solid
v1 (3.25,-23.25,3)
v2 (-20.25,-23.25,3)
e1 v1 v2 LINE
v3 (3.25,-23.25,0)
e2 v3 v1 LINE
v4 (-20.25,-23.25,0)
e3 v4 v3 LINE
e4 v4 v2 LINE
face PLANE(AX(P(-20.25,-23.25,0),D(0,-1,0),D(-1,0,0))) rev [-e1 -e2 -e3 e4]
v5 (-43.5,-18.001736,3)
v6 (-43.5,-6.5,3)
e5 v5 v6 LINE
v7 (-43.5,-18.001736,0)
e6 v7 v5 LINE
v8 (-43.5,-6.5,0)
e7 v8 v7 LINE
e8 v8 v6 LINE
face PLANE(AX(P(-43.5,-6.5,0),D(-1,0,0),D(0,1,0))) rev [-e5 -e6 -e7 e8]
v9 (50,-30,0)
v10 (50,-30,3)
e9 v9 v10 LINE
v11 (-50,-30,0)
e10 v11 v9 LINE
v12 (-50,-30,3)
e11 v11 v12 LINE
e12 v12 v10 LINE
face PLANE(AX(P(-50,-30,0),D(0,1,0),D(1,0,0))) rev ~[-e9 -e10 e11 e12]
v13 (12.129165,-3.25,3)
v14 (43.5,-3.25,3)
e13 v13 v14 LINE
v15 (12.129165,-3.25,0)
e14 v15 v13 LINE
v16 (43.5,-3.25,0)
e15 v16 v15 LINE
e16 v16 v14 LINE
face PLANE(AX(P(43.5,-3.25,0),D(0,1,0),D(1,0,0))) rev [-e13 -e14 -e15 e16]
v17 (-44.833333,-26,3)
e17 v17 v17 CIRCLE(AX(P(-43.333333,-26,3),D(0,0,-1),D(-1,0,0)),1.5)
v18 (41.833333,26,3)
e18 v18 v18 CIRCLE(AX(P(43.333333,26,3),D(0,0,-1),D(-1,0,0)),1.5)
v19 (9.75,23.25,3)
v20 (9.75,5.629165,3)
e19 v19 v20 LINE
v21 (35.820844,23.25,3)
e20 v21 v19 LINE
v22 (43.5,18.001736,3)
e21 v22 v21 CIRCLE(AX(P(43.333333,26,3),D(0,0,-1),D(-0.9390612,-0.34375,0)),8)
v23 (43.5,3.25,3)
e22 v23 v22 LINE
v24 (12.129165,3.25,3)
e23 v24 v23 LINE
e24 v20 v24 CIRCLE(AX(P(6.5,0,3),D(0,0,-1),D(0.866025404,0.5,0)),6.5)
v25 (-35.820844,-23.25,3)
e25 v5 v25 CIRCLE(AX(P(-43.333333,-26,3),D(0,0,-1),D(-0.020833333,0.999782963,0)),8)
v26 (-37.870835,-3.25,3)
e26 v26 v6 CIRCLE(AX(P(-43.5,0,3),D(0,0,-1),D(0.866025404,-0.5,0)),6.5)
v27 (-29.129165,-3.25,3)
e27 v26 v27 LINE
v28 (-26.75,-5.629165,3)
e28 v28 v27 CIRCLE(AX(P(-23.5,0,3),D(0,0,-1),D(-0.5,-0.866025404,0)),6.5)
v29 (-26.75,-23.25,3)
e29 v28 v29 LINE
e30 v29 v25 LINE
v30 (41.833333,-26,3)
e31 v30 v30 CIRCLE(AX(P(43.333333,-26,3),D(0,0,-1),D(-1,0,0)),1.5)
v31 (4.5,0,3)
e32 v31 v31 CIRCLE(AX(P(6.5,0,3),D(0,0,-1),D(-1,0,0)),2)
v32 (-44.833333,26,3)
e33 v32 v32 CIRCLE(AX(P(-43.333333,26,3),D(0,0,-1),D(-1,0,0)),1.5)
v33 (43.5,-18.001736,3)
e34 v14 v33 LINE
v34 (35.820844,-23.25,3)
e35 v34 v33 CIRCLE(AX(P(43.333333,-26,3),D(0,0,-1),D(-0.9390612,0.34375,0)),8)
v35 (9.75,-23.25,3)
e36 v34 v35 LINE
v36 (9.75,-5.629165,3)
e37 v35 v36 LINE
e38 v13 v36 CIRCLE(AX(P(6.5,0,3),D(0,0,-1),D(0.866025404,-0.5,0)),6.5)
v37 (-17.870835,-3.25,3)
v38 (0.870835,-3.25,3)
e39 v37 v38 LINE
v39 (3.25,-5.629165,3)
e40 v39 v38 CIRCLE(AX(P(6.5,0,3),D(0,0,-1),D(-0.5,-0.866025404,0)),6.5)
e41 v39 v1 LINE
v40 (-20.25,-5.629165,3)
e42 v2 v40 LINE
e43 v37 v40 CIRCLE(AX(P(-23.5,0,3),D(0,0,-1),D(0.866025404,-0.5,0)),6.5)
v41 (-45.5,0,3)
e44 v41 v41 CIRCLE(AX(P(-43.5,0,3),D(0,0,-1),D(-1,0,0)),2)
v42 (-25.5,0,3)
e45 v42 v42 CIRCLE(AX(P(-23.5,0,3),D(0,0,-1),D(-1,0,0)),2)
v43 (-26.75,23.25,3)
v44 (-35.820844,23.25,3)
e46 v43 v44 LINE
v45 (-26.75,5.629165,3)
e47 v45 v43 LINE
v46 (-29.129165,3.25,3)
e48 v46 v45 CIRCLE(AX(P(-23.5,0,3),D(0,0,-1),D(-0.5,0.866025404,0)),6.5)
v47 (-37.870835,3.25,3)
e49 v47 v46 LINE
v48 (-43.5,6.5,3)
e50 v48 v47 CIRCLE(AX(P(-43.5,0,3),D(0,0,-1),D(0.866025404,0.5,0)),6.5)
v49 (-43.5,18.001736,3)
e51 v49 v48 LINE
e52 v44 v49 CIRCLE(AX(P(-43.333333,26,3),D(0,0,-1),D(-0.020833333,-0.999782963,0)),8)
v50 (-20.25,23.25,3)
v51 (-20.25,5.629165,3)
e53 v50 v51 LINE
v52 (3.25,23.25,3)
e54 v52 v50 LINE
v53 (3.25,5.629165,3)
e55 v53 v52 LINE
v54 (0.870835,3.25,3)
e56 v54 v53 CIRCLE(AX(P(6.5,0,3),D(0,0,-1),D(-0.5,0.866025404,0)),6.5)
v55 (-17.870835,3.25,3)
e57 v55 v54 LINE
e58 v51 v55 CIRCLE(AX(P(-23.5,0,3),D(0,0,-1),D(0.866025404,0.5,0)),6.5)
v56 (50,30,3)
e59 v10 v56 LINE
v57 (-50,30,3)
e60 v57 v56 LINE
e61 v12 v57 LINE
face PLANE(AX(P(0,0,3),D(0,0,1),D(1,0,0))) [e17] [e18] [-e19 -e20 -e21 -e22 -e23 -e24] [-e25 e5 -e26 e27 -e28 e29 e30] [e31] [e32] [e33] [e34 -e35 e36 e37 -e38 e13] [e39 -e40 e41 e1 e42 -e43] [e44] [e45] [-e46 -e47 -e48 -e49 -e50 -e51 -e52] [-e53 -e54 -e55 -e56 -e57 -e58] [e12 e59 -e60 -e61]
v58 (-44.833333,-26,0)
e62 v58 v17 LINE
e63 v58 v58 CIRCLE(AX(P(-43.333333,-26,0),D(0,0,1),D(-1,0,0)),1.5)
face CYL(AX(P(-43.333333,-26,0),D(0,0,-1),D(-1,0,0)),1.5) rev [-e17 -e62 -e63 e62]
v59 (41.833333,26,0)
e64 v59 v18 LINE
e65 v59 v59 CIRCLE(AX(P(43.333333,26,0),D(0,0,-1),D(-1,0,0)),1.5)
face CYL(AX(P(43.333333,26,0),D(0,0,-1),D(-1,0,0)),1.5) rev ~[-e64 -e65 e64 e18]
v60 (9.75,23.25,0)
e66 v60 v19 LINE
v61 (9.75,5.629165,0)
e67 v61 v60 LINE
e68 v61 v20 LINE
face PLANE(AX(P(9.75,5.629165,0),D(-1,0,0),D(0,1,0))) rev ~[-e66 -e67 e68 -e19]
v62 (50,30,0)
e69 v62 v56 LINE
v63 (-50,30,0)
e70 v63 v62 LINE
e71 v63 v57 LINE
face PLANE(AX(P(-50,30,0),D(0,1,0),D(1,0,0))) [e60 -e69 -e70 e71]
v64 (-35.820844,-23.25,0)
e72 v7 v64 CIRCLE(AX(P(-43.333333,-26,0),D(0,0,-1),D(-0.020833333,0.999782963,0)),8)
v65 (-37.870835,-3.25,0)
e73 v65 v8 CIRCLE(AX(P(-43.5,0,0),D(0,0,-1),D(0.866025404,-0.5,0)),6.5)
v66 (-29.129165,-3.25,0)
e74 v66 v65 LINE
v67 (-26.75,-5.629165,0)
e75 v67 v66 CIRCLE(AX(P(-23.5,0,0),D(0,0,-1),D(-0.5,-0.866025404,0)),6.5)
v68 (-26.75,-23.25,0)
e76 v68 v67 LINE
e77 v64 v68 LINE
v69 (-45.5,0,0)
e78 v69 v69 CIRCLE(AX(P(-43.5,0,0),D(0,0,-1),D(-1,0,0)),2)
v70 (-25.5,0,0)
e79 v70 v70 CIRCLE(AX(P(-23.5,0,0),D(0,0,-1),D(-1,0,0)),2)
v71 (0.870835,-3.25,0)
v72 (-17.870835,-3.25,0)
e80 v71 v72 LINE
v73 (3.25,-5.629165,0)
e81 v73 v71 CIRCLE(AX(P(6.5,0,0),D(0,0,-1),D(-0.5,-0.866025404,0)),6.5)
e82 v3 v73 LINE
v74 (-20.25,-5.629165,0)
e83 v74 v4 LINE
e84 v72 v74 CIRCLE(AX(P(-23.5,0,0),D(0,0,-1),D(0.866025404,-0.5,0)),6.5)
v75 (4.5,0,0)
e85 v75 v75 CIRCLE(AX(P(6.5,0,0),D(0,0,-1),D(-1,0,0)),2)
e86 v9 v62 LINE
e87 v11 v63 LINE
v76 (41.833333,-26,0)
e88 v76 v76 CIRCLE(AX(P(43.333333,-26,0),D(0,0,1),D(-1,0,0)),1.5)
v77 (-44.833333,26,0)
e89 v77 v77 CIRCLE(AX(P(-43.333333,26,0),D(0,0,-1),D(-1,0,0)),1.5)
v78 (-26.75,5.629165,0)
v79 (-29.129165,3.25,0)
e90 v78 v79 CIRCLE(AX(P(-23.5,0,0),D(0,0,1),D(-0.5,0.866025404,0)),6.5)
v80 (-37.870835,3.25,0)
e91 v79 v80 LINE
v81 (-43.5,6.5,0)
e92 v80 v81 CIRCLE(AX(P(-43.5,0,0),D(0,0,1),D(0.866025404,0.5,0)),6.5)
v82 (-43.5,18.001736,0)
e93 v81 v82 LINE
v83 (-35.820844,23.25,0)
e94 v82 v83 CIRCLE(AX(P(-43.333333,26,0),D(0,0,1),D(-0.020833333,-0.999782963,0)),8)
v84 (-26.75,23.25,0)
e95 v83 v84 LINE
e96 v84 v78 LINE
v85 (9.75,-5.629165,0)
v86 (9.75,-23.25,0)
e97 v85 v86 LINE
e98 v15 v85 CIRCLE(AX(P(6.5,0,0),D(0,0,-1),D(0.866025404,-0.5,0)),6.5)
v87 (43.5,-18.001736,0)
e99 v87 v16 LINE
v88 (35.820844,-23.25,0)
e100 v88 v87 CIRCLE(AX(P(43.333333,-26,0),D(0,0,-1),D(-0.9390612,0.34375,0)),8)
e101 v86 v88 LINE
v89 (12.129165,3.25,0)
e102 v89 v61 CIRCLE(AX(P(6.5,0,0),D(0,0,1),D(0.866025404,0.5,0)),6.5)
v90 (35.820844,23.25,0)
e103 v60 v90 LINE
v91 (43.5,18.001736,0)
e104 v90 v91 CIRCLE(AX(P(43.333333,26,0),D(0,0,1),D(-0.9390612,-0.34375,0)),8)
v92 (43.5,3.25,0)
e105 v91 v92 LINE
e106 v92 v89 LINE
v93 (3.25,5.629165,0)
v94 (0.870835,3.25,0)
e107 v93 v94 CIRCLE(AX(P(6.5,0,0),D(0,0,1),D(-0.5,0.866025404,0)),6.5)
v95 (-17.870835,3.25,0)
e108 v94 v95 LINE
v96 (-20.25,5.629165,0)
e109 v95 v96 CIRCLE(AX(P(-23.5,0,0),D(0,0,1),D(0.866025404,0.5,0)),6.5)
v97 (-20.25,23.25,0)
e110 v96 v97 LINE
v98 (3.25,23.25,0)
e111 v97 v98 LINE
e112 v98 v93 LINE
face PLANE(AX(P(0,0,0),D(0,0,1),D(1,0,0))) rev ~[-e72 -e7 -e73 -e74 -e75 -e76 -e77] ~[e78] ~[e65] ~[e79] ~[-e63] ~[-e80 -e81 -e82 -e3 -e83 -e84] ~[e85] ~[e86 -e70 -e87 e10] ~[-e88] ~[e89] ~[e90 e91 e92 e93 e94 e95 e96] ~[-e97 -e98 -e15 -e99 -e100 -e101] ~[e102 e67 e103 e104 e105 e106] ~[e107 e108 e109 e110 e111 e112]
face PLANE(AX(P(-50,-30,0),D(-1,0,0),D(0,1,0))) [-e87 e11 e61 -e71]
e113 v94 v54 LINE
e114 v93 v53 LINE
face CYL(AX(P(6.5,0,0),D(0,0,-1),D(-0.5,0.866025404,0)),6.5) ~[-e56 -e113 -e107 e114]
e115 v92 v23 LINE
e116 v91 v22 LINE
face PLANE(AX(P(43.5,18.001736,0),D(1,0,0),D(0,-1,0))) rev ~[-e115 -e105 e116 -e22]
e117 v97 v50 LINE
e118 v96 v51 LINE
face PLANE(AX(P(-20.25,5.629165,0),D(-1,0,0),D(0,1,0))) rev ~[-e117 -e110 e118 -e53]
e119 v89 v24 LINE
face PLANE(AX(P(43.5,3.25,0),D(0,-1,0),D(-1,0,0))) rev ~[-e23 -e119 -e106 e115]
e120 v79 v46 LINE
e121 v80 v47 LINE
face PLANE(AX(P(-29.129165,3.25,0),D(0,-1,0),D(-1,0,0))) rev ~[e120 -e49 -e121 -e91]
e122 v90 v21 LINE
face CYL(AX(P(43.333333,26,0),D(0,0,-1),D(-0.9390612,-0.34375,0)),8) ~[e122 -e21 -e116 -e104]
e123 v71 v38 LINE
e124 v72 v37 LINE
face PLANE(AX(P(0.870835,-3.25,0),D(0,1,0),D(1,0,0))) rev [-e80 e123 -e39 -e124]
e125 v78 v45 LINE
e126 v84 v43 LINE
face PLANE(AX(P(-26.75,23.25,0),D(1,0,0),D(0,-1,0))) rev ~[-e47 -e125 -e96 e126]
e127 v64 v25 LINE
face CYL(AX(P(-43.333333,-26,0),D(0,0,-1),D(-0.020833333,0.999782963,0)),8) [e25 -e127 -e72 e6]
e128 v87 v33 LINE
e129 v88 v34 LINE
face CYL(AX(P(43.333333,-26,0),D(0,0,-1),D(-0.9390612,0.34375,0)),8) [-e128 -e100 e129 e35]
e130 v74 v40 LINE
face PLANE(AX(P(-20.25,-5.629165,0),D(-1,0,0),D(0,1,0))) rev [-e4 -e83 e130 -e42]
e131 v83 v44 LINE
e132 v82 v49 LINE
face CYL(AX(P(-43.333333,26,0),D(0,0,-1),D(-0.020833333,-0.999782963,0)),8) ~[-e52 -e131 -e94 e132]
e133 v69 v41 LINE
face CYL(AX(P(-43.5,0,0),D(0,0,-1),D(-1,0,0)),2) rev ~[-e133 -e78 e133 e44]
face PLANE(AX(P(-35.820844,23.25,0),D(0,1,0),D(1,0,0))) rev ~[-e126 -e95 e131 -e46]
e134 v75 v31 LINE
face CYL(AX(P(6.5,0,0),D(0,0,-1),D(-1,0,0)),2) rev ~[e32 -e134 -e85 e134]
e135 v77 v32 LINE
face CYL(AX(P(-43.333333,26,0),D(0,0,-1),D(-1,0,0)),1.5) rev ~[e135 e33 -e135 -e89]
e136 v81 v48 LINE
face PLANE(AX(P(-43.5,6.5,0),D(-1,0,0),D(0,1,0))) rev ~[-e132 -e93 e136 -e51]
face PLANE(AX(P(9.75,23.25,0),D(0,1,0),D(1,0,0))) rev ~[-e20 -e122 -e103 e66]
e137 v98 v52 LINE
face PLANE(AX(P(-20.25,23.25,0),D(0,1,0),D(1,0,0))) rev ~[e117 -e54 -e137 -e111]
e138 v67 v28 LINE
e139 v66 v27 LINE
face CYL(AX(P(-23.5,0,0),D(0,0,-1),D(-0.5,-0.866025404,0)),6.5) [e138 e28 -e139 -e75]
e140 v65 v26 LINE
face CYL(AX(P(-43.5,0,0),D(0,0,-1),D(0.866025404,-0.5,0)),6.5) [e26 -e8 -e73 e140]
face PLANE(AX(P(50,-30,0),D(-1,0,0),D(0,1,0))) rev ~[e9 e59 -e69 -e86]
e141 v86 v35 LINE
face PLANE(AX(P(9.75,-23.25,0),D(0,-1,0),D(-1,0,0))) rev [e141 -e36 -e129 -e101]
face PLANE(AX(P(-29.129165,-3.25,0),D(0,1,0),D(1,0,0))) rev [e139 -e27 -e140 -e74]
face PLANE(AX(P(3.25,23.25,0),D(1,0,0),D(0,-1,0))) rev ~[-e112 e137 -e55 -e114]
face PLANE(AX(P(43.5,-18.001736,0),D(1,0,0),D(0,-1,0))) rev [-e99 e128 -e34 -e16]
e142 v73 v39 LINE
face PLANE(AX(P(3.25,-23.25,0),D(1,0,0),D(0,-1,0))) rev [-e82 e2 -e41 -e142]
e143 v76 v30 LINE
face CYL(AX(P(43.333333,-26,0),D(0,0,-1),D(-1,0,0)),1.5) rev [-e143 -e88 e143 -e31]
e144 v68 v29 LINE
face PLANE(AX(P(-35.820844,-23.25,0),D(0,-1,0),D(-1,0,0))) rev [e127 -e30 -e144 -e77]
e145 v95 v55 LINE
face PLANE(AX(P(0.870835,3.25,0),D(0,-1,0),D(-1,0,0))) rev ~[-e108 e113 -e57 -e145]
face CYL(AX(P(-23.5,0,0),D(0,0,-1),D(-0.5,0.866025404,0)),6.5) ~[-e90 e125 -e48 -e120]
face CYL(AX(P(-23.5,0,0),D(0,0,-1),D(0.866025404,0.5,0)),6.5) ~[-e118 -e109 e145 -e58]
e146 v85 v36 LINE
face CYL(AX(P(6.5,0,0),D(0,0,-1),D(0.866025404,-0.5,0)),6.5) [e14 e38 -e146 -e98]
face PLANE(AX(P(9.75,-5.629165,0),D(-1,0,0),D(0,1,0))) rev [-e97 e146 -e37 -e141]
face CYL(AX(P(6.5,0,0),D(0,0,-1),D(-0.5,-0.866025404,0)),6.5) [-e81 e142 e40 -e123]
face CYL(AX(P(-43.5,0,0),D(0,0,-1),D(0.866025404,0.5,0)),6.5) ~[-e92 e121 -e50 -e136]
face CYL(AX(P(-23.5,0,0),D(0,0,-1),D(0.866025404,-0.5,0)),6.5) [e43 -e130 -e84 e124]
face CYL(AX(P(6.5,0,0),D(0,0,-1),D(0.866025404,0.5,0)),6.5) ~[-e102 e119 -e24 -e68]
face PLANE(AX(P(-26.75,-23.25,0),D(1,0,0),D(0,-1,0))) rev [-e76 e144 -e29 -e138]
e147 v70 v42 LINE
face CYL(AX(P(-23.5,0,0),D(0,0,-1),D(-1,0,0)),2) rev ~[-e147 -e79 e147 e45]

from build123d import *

# Parameters (mm, degrees)
SKETCH1_W           = 100
SKETCH1_H           = 60
BOSS_EXTRUDE1_DEPTH = 3
SKETCH3_R           = 1.5
SKETCH3_R_2         = 2
CUT_EXTRUDE2_DEPTH  = 10


with BuildPart() as part:
    # Sketch1 → Boss-Extrude1 (new body)
    with BuildSketch(Plane.XY):
        Rectangle(SKETCH1_W, SKETCH1_H)
    extrude(amount=BOSS_EXTRUDE1_DEPTH)

    # Sketch3 → Cut-Extrude2 (cut)
    with BuildSketch(Plane(origin=(0, 0, 0), x_dir=(-1, 0, 0), z_dir=(0, 0, -1))):
        with Locations((43.333333333, 26)):
            Circle(SKETCH3_R)
        with Locations((-43.333333333, 26)):
            Circle(SKETCH3_R)
        with Locations((23.5, 0)):
            Circle(SKETCH3_R_2)
        with Locations((-6.5, 0)):
            Circle(SKETCH3_R_2)
        with Locations((43.5, 0)):
            Circle(SKETCH3_R_2)
        with BuildLine():
            Line((29.129165125, 3.25), (37.870834875, 3.25))
            ThreePointArc((37.870834875, 3.25), (40.25, 5.629165125), (43.5, 6.5))
            Line((43.5, 6.5), (43.5, 18.0017363))
            ThreePointArc((43.5, 18.0017363), (38.819316651, 19.395179534), (35.820843733, 23.25))
            Line((35.820843733, 23.25), (26.75, 23.25))
            Line((26.75, 23.25), (26.75, 5.629165125))
            ThreePointArc((26.75, 5.629165125), (28.096194078, 4.596194078), (29.129165125, 3.25))
        make_face()
        with BuildLine():
            Line((-9.75, 23.25), (-35.820843733, 23.25))
            ThreePointArc((-35.820843733, 23.25), (-38.819316651, 19.395179534), (-43.5, 18.0017363))
            Line((-43.5, 18.0017363), (-43.5, 3.25))
            Line((-43.5, 3.25), (-12.129165125, 3.25))
            ThreePointArc((-12.129165125, 3.25), (-11.096194078, 4.596194078), (-9.75, 5.629165125))
            Line((-9.75, 5.629165125), (-9.75, 23.25))
        make_face()
        with BuildLine():
            Line((-0.870834875, 3.25), (17.870834875, 3.25))
            ThreePointArc((17.870834875, 3.25), (18.903805922, 4.596194078), (20.25, 5.629165125))
            Line((20.25, 5.629165125), (20.25, 23.25))
            Line((20.25, 23.25), (-3.25, 23.25))
            Line((-3.25, 23.25), (-3.25, 5.629165125))
            ThreePointArc((-3.25, 5.629165125), (-1.903805922, 4.596194078), (-0.870834875, 3.25))
        make_face()
    cut_extrude2 = extrude(amount=-CUT_EXTRUDE2_DEPTH, mode=Mode.SUBTRACT)

    # Mirror3: Cut-Extrude2 across plane
    add(cut_extrude2.mirror(Plane.ZX), mode=Mode.SUBTRACT)


solid = part.part
